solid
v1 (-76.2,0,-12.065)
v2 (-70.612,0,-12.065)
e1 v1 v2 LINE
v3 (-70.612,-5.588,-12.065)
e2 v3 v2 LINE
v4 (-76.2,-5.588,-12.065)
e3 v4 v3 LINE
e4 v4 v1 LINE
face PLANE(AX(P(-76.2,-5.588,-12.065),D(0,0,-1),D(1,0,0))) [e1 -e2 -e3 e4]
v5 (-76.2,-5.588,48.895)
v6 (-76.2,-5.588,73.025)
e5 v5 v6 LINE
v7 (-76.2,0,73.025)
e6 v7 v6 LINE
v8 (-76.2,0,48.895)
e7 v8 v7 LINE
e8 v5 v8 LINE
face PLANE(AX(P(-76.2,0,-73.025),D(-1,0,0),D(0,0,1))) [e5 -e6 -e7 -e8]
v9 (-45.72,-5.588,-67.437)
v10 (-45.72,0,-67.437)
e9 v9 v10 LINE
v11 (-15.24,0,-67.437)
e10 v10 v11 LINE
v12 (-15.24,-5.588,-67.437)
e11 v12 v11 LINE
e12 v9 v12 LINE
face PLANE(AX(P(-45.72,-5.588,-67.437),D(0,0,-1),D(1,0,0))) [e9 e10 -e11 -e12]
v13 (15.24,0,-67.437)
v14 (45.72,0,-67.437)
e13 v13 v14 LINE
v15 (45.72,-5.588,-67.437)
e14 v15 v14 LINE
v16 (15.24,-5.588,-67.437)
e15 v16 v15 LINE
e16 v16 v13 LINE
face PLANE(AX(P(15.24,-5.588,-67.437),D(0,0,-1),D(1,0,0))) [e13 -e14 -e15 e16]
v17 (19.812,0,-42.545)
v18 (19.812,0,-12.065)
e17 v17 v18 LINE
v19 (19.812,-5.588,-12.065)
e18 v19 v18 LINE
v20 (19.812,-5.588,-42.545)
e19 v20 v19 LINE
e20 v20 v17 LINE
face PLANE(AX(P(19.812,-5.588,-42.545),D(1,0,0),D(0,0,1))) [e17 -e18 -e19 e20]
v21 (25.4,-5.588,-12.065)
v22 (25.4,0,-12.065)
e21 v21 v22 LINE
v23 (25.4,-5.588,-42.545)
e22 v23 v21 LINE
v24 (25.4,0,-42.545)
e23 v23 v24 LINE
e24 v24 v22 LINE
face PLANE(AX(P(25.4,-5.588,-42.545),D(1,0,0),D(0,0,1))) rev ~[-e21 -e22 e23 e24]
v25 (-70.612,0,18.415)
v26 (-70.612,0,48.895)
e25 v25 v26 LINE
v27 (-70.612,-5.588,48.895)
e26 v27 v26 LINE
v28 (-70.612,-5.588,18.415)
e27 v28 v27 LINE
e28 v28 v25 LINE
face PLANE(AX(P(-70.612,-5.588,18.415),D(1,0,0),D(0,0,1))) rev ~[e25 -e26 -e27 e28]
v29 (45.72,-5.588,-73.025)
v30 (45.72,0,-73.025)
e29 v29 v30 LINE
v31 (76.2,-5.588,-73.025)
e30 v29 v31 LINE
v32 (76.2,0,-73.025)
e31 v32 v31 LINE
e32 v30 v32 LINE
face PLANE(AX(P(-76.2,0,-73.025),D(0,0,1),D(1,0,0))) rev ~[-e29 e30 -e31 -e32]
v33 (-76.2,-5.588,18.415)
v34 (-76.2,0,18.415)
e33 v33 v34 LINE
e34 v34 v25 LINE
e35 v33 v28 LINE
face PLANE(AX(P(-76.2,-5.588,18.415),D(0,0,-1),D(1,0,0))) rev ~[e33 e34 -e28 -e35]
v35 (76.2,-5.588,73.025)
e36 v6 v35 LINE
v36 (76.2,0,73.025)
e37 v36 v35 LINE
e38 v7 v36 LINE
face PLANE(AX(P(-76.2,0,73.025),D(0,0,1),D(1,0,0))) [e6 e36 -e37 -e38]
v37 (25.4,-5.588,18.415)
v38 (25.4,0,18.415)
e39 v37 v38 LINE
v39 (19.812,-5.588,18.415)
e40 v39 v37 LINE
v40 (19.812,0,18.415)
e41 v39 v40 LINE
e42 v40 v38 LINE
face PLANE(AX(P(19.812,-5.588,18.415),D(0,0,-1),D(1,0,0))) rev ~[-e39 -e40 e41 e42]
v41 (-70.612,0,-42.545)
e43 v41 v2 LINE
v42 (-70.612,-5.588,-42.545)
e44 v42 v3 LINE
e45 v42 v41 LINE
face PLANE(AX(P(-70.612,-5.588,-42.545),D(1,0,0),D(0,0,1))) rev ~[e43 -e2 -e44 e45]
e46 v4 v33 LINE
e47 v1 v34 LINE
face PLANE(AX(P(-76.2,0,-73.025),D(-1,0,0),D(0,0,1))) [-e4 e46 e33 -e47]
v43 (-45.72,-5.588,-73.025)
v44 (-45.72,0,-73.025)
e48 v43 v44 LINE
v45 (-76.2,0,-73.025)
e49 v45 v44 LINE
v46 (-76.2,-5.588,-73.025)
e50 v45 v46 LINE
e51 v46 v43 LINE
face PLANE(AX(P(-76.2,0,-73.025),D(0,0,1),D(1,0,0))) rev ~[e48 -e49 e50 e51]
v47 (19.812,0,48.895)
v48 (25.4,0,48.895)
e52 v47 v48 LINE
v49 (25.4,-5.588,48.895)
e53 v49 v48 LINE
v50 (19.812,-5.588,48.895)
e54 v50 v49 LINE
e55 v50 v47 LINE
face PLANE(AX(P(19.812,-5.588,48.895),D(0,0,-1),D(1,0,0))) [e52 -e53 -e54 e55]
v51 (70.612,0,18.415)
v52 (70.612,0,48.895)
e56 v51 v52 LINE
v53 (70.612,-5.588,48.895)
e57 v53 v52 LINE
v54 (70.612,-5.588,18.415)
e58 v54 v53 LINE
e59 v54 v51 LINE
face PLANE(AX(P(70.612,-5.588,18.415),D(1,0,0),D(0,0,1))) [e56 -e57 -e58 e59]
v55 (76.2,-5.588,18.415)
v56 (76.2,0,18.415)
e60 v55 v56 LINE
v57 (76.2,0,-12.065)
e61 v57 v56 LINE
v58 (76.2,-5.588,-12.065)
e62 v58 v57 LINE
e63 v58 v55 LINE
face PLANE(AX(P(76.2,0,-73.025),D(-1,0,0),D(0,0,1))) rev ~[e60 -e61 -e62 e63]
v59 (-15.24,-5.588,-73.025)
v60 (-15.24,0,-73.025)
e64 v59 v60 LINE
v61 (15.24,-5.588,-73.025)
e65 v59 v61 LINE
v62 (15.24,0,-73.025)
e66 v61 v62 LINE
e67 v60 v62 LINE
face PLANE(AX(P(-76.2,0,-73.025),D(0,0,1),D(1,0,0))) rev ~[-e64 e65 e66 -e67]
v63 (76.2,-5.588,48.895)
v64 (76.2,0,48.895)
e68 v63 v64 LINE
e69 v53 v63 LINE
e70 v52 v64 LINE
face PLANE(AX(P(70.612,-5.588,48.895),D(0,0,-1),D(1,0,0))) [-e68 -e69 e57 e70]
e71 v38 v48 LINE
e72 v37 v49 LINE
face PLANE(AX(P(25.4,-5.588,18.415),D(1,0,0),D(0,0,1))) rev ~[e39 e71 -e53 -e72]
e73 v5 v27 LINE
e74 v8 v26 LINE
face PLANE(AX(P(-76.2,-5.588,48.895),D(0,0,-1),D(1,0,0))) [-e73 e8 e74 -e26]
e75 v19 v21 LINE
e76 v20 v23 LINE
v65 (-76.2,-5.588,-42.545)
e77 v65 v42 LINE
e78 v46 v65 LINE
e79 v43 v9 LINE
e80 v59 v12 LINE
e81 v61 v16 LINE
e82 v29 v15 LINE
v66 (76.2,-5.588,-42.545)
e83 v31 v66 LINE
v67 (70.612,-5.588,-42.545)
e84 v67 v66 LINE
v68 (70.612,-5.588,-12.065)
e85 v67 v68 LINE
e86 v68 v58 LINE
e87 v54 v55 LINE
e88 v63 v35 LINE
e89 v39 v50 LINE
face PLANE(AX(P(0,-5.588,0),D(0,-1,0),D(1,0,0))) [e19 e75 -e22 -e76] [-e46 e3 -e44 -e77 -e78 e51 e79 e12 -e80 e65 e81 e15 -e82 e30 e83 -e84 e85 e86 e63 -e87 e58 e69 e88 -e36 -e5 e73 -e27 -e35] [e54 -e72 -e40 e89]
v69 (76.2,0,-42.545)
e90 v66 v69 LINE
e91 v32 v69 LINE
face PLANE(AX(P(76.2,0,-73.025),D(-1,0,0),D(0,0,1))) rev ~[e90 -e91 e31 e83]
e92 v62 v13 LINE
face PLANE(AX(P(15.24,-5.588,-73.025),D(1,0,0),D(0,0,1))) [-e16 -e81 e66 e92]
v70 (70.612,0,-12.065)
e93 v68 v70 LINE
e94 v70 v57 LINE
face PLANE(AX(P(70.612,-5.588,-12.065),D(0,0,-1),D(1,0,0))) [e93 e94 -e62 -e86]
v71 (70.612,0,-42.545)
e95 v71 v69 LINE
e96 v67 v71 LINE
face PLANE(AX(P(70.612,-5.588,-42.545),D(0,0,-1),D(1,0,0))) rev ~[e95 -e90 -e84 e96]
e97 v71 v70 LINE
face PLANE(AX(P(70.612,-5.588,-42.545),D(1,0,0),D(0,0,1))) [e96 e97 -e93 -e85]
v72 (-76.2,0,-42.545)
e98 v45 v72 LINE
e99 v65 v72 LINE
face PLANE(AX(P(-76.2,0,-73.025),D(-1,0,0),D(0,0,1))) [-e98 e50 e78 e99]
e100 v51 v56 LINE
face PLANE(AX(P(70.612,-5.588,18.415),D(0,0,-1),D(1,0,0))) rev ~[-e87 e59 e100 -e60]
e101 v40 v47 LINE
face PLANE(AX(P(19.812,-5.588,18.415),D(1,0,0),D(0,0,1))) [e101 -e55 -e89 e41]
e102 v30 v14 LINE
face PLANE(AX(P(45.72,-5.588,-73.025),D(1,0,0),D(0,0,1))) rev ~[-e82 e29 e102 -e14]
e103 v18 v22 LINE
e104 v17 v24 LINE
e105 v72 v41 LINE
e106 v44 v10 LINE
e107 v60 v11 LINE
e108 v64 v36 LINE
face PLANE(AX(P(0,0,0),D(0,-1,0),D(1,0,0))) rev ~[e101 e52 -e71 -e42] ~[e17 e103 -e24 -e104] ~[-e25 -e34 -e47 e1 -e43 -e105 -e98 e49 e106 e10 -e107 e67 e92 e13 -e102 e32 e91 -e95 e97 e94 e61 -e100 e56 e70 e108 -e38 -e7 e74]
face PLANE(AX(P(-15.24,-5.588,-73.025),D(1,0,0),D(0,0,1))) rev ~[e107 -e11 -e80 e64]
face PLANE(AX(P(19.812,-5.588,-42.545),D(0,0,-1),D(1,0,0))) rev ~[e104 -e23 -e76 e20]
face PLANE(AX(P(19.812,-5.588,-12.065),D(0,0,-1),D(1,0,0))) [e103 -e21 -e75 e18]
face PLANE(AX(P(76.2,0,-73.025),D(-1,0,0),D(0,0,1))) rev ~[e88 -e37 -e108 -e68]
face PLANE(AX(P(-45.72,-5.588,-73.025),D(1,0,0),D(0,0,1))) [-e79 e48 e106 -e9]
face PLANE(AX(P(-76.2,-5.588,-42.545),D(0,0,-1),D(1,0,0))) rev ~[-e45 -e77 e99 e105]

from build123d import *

# Parameters (mm, degrees)
F0_W     = 152.4
F0_H     = 146.05
F1_DEPTH = 5.588
F2_W     = 5.588
F2_H     = 30.48
F2_W_2   = 30.48
F2_H_2   = 5.588
F3_DEPTH = 5.589


with BuildPart() as f1:
    # F0 (on Front) → F1 (new body)
    with BuildSketch(Plane.XZ):
        Rectangle(F0_W, F0_H)
    extrude(amount=F1_DEPTH)

    # F2 (on face) → F3 (cut, through all)
    with BuildSketch(Plane.XZ.offset(5.588)):
        with Locations((-73.406, 33.655)):
            Rectangle(F2_W, F2_H)
        with Locations((22.606, 33.655)):
            Rectangle(F2_W, F2_H)
        with Locations((73.406, 33.655)):
            Rectangle(F2_W, F2_H)
        with Locations((73.406, -27.305)):
            Rectangle(F2_W, F2_H)
        with Locations((22.606, -27.305)):
            Rectangle(F2_W, F2_H)
        with Locations((-73.406, -27.305)):
            Rectangle(F2_W, F2_H)
        with Locations((-30.48, -70.231)):
            Rectangle(F2_W_2, F2_H_2)
        with Locations((30.48, -70.231)):
            Rectangle(F2_W_2, F2_H_2)
    extrude(amount=-F3_DEPTH, mode=Mode.SUBTRACT)


solid = f1.part
